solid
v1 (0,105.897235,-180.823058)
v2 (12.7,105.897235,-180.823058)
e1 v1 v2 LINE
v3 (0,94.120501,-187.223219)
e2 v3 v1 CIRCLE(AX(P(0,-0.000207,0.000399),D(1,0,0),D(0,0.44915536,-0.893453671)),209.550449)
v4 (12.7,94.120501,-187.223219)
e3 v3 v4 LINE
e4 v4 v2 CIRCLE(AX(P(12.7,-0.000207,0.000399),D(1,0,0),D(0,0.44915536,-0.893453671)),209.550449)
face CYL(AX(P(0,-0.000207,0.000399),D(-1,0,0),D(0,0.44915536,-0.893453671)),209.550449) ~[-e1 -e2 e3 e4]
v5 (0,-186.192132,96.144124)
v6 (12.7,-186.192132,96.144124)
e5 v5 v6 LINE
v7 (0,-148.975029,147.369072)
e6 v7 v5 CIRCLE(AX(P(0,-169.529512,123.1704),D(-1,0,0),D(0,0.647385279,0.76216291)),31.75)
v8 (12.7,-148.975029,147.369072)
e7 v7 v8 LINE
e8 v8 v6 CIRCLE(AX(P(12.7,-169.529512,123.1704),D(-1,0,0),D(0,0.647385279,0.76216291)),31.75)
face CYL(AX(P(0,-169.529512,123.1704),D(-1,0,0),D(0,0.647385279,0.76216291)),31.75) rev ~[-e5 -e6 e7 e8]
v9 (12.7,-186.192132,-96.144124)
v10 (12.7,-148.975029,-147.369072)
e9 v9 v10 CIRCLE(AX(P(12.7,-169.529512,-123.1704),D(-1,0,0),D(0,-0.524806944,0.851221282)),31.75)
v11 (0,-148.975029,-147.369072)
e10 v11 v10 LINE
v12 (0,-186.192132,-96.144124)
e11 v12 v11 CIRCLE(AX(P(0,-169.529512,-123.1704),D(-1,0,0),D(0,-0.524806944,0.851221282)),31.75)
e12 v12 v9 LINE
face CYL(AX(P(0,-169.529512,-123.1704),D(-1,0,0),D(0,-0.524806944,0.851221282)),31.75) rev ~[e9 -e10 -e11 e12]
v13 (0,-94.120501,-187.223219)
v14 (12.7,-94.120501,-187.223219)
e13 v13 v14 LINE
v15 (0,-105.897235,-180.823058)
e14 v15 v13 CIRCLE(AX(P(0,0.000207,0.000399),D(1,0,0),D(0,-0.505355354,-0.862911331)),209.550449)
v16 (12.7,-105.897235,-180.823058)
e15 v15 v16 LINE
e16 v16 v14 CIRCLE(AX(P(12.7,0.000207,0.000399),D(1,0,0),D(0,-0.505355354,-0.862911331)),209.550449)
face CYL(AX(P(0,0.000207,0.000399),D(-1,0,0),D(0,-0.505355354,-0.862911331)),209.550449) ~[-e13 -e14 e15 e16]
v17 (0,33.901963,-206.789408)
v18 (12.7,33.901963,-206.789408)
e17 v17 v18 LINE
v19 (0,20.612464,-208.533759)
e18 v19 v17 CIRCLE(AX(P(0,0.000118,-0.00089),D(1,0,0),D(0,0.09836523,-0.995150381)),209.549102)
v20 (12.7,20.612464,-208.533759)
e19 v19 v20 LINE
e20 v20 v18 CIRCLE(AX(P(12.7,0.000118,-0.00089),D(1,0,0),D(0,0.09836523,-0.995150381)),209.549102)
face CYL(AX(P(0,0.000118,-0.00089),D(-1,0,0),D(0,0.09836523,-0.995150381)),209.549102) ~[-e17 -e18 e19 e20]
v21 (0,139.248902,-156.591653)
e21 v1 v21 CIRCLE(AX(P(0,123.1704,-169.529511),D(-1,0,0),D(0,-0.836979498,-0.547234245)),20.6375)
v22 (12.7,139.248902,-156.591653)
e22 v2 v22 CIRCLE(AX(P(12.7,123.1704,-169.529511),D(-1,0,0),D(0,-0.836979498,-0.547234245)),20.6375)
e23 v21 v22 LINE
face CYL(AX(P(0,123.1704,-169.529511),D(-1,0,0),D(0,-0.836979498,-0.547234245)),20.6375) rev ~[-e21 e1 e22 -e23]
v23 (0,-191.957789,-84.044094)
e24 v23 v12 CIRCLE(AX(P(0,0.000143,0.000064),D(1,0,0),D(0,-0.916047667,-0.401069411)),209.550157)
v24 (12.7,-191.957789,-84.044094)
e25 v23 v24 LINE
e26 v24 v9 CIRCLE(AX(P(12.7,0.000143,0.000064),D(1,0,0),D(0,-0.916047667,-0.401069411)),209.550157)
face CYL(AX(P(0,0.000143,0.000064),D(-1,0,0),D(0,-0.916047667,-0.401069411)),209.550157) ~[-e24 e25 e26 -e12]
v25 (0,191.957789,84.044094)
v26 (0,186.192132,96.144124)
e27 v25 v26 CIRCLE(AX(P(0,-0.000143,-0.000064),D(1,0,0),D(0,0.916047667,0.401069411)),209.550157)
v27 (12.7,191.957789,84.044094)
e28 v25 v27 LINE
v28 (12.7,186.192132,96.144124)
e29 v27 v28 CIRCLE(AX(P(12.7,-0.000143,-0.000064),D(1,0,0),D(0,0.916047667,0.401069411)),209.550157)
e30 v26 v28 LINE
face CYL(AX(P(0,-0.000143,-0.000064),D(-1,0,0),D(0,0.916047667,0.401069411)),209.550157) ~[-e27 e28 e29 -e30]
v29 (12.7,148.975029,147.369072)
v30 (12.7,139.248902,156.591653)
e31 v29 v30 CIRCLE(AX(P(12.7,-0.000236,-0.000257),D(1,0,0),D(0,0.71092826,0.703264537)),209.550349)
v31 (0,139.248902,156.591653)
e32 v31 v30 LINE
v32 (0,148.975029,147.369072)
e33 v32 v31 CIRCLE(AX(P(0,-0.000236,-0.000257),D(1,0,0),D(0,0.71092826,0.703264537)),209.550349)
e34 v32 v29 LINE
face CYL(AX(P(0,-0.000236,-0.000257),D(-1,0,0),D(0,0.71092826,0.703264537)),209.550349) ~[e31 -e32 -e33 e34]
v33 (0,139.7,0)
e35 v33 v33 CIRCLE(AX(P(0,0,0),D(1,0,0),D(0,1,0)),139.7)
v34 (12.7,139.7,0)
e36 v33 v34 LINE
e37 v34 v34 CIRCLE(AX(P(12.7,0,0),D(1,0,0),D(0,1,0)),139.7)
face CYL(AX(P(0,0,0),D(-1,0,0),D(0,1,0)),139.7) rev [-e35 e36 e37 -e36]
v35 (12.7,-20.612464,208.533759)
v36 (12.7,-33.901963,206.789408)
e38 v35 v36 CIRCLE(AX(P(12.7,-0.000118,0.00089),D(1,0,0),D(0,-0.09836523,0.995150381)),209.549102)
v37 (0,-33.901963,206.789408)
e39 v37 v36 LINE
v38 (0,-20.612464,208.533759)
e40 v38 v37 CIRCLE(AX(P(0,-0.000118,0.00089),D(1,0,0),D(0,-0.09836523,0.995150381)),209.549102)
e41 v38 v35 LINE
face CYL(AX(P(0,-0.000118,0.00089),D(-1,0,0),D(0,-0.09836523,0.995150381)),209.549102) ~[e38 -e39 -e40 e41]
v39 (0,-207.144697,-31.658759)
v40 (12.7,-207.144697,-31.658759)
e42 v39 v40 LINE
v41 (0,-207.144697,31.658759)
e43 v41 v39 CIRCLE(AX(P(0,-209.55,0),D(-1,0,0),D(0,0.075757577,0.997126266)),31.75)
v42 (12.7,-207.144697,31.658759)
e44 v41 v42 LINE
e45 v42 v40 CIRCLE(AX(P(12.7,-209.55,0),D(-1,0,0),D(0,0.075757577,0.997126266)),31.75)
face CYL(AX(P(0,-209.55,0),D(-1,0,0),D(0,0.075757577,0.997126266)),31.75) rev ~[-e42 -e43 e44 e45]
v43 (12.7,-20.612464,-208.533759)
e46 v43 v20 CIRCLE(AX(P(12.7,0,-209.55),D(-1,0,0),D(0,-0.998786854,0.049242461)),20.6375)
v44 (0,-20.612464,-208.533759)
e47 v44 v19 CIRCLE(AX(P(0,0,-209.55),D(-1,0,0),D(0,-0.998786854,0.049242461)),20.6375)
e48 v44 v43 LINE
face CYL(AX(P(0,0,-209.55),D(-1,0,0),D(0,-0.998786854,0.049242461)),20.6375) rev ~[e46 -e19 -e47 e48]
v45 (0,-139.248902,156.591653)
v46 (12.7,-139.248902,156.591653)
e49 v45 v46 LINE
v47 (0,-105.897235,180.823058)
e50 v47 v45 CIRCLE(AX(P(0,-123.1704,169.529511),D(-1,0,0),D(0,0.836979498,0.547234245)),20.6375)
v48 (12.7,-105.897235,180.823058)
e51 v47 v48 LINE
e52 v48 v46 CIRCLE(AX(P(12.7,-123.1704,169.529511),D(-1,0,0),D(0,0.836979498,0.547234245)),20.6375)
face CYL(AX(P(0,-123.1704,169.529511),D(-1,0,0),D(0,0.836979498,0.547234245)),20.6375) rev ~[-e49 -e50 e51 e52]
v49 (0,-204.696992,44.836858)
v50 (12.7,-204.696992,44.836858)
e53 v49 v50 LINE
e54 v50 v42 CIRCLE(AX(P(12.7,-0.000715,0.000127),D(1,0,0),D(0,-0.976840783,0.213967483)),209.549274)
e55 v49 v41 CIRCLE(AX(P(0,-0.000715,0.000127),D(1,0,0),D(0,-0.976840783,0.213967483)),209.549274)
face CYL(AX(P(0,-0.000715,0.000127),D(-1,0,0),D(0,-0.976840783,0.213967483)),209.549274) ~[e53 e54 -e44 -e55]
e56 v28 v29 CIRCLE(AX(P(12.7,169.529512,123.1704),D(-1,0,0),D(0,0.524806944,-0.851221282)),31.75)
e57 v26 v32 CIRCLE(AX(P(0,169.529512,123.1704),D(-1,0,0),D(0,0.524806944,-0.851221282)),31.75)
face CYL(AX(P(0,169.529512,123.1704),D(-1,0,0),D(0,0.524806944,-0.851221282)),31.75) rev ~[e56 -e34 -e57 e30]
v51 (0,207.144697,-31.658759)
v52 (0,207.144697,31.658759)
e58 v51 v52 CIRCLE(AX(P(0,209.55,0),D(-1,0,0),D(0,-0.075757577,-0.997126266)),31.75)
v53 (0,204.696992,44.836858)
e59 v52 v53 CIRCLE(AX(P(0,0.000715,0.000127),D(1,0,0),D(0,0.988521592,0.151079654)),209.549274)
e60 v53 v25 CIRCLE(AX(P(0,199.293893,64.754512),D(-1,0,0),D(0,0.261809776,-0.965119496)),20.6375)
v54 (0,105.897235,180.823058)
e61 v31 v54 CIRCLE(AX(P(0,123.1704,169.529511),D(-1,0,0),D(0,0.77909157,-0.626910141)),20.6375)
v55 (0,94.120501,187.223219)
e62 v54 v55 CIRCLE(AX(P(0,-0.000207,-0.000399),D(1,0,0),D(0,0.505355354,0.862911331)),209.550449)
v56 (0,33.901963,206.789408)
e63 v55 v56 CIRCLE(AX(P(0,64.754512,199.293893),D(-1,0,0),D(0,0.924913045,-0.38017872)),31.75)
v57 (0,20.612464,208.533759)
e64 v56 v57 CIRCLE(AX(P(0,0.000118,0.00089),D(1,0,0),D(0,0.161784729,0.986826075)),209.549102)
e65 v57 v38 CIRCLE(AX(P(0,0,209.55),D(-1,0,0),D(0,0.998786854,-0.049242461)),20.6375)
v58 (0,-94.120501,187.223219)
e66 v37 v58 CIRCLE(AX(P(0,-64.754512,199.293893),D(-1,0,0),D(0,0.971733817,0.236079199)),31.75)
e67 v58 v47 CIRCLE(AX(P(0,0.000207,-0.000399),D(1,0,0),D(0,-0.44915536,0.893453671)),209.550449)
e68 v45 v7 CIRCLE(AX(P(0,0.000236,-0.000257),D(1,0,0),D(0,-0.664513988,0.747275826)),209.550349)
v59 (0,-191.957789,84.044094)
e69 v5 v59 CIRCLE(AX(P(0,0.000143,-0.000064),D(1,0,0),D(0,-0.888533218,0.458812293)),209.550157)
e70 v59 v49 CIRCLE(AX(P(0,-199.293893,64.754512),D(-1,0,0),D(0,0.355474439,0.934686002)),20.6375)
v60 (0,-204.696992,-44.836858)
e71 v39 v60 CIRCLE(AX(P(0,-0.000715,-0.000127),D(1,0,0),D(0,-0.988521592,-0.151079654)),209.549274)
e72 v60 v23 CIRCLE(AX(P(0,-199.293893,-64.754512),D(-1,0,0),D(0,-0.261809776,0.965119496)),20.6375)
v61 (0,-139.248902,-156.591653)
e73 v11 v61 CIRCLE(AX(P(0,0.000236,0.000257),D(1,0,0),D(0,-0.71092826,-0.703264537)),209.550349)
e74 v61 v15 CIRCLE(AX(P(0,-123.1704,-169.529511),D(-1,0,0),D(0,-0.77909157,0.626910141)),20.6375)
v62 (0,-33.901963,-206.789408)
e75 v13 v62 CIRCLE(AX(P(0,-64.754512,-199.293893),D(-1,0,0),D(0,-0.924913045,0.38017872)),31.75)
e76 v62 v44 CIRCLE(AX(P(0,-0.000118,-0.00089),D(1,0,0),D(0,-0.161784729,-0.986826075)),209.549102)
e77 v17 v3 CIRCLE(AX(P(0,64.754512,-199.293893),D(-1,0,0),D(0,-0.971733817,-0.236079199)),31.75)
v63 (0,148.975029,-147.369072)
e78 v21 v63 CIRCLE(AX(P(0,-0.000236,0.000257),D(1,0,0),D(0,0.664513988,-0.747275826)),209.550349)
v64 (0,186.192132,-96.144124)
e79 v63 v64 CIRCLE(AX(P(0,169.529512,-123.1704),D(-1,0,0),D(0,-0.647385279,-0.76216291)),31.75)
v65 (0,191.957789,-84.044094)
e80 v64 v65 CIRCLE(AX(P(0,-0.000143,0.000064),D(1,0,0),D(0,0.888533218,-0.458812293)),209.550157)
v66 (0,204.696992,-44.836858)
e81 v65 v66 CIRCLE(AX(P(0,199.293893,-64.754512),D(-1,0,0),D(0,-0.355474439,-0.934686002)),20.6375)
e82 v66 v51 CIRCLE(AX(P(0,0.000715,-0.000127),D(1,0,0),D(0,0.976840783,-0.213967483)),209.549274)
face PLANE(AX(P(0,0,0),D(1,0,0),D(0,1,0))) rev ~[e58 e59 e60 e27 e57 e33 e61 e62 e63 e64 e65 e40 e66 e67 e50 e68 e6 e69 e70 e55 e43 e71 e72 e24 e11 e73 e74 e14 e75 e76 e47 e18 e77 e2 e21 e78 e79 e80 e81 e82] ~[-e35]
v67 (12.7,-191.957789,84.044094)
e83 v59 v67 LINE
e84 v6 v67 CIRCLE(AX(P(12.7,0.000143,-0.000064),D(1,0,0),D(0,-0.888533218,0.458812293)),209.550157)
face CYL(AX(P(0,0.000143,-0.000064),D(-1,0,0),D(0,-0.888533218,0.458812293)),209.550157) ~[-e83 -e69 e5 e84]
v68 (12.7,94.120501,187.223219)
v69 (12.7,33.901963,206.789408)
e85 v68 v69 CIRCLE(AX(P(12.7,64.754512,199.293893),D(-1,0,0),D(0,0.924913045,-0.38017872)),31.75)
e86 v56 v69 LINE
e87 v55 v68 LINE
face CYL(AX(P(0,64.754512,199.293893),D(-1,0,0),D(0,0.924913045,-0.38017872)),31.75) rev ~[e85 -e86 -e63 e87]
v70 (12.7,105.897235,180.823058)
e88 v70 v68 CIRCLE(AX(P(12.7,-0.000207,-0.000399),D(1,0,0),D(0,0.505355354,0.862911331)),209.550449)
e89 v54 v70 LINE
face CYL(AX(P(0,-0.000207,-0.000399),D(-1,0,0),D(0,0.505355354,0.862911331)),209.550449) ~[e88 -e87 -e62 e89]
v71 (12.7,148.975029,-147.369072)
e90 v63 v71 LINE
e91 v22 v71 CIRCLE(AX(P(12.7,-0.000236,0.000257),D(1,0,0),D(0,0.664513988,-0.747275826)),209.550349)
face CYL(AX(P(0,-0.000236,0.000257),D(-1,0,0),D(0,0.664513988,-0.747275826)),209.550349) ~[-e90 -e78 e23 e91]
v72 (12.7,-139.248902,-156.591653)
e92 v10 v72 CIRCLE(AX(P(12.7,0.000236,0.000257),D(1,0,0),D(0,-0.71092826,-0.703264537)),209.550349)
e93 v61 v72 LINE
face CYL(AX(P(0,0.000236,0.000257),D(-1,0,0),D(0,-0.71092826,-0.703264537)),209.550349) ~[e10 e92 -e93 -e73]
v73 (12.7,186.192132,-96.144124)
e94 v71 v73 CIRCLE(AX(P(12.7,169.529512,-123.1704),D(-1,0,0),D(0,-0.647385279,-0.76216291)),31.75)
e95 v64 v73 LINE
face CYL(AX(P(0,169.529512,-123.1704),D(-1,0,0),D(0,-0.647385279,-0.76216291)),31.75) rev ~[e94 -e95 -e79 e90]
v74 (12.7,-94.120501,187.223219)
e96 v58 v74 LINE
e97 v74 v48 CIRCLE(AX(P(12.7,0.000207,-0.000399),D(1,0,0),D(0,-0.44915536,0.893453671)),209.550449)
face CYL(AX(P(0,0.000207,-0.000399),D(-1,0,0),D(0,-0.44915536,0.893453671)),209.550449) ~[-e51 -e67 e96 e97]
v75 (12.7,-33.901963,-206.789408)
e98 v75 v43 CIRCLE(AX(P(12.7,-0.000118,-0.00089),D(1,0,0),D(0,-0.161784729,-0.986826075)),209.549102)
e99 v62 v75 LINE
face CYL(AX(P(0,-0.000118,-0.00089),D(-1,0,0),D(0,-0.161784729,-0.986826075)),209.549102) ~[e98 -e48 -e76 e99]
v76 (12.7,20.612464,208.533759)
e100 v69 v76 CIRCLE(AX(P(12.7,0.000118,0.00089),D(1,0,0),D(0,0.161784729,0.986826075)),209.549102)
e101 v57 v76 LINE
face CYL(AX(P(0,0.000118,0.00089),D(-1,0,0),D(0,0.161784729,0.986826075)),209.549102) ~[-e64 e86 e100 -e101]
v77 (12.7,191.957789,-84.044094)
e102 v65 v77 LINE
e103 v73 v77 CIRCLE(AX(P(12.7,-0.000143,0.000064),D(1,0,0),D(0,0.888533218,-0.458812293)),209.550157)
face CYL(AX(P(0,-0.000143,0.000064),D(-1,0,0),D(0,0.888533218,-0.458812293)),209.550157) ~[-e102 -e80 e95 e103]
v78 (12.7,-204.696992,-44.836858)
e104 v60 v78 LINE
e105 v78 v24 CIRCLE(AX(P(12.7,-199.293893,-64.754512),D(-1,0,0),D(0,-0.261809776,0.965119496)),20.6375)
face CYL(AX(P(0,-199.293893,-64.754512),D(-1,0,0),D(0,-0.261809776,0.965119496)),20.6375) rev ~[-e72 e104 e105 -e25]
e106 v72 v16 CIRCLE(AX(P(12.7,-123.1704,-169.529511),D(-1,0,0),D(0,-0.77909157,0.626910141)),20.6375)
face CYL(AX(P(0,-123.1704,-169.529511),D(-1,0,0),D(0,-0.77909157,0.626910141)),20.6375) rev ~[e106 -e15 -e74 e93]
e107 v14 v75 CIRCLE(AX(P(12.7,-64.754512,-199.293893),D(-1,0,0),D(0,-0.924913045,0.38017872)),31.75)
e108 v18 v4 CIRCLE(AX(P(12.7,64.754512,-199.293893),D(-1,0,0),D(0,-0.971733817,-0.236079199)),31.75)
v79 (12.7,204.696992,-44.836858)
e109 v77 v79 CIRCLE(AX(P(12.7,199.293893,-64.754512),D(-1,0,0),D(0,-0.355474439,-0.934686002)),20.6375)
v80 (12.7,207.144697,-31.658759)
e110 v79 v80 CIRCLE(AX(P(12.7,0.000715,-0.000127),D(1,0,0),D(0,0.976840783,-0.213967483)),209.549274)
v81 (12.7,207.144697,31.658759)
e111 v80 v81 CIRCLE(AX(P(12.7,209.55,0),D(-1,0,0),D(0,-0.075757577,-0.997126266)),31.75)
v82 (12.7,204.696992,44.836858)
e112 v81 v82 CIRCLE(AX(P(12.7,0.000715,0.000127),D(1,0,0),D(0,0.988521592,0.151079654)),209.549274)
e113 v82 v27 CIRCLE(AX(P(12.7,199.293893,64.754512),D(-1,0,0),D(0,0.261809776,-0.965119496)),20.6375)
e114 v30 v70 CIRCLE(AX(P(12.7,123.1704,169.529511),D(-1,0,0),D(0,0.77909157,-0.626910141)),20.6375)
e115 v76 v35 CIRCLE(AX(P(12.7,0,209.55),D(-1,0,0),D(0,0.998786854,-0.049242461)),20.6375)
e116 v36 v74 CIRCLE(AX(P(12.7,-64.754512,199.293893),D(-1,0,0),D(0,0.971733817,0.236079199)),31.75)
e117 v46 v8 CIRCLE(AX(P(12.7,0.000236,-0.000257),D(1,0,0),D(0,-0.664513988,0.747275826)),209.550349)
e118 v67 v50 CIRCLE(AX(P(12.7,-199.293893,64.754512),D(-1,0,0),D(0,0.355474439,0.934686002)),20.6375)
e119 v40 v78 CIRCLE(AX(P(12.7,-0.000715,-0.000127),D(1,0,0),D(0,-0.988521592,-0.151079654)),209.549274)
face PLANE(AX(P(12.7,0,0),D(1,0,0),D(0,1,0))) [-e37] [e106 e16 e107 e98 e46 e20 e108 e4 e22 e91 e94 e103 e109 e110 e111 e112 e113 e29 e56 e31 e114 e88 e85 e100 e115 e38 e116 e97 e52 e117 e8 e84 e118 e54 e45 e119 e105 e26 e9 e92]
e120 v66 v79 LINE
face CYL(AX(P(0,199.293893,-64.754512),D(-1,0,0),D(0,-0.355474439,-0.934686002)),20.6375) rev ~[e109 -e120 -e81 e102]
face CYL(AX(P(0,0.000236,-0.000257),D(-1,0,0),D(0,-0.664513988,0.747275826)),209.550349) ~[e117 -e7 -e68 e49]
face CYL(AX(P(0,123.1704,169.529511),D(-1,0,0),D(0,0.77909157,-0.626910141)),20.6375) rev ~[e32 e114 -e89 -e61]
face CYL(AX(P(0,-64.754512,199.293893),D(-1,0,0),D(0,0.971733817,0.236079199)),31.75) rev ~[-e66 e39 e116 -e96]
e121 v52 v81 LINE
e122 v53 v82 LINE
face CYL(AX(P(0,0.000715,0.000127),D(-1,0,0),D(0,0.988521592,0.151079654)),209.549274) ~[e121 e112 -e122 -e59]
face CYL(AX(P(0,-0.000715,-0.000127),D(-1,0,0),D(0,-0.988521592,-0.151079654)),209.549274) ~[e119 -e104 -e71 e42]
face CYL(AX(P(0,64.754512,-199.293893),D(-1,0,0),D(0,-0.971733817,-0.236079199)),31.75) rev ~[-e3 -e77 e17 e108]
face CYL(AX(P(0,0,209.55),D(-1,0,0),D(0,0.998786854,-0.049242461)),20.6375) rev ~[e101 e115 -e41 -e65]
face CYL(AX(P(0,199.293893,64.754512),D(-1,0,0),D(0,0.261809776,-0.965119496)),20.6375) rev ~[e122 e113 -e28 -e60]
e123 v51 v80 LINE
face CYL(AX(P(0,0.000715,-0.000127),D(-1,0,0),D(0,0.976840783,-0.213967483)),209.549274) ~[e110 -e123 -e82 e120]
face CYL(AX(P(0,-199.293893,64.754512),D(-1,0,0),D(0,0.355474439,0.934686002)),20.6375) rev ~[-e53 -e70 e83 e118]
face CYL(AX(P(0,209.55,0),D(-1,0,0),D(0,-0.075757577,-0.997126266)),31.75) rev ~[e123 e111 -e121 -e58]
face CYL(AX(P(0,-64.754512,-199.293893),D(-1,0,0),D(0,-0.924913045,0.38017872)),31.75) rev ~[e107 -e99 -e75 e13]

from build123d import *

# Parameters (mm, degrees)
F0_R     = 139.7
F1_DEPTH = 12.7


with BuildPart() as f1:
    # F0 (on Right) → F1 (new body)
    with BuildSketch(Plane.YZ):
        with BuildLine():
            ThreePointArc((20.612464, 208.533759), (0, 188.9125), (-20.612464, 208.533759))
            ThreePointArc((-20.612464, 208.533759), (-27.271164, 207.767866), (-33.901963, 206.789408))
            ThreePointArc((-33.901963, 206.789408), (-54.943222, 169.097849), (-94.120501, 187.223219))
            ThreePointArc((-94.120501, 187.223219), (-100.060053, 184.117322), (-105.897235, 180.823058))
            ThreePointArc((-105.897235, 180.823058), (-111.039981, 152.833423), (-139.248902, 156.591653))
            ThreePointArc((-139.248902, 156.591653), (-144.185722, 152.058147), (-148.975029, 147.369072))
            ThreePointArc((-148.975029, 147.369072), (-143.843222, 104.508218), (-186.192132, 96.144124))
            ThreePointArc((-186.192132, 96.144124), (-189.17173, 90.140219), (-191.957789, 84.044094))
            ThreePointArc((-191.957789, 84.044094), (-179.666464, 58.377173), (-204.696992, 44.836858))
            ThreePointArc((-204.696992, 44.836858), (-206.026236, 38.267384), (-207.144697, 31.658759))
            ThreePointArc((-207.144697, 31.658759), (-177.8, 0), (-207.144697, -31.658759))
            ThreePointArc((-207.144697, -31.658759), (-206.026236, -38.267384), (-204.696992, -44.836858))
            ThreePointArc((-204.696992, -44.836858), (-179.666464, -58.377173), (-191.957789, -84.044094))
            ThreePointArc((-191.957789, -84.044094), (-189.17173, -90.140219), (-186.192132, -96.144124))
            ThreePointArc((-186.192132, -96.144124), (-143.843222, -104.508218), (-148.975029, -147.369072))
            ThreePointArc((-148.975029, -147.369072), (-144.185722, -152.058147), (-139.248902, -156.591653))
            ThreePointArc((-139.248902, -156.591653), (-111.039981, -152.833423), (-105.897235, -180.823058))
            ThreePointArc((-105.897235, -180.823058), (-100.060053, -184.117322), (-94.120501, -187.223219))
            ThreePointArc((-94.120501, -187.223219), (-54.943222, -169.097849), (-33.901963, -206.789408))
            ThreePointArc((-33.901963, -206.789408), (-27.271164, -207.767866), (-20.612464, -208.533759))
            ThreePointArc((-20.612464, -208.533759), (0, -188.9125), (20.612464, -208.533759))
            ThreePointArc((20.612464, -208.533759), (27.271164, -207.767866), (33.901963, -206.789408))
            ThreePointArc((33.901963, -206.789408), (54.943222, -169.097849), (94.120501, -187.223219))
            ThreePointArc((94.120501, -187.223219), (100.060053, -184.117322), (105.897235, -180.823058))
            ThreePointArc((105.897235, -180.823058), (111.039981, -152.833423), (139.248902, -156.591653))
            ThreePointArc((139.248902, -156.591653), (144.185722, -152.058147), (148.975029, -147.369072))
            ThreePointArc((148.975029, -147.369072), (143.843222, -104.508218), (186.192132, -96.144124))
            ThreePointArc((186.192132, -96.144124), (189.17173, -90.140219), (191.957789, -84.044094))
            ThreePointArc((191.957789, -84.044094), (179.666464, -58.377173), (204.696992, -44.836858))
            ThreePointArc((204.696992, -44.836858), (206.026236, -38.267384), (207.144697, -31.658759))
            ThreePointArc((207.144697, -31.658759), (177.8, 0), (207.144697, 31.658759))
            ThreePointArc((207.144697, 31.658759), (206.026236, 38.267384), (204.696992, 44.836858))
            ThreePointArc((204.696992, 44.836858), (179.666464, 58.377173), (191.957789, 84.044094))
            ThreePointArc((191.957789, 84.044094), (189.17173, 90.140219), (186.192132, 96.144124))
            ThreePointArc((186.192132, 96.144124), (143.843222, 104.508218), (148.975029, 147.369072))
            ThreePointArc((148.975029, 147.369072), (144.185722, 152.058147), (139.248902, 156.591653))
            ThreePointArc((139.248902, 156.591653), (111.039981, 152.833423), (105.897235, 180.823058))
            ThreePointArc((105.897235, 180.823058), (100.060053, 184.117322), (94.120501, 187.223219))
            ThreePointArc((94.120501, 187.223219), (54.943222, 169.097849), (33.901963, 206.789408))
            ThreePointArc((33.901963, 206.789408), (27.271164, 207.767866), (20.612464, 208.533759))
        make_face()
        Circle(F0_R, mode=Mode.SUBTRACT)
    extrude(amount=F1_DEPTH)


solid = f1.part
